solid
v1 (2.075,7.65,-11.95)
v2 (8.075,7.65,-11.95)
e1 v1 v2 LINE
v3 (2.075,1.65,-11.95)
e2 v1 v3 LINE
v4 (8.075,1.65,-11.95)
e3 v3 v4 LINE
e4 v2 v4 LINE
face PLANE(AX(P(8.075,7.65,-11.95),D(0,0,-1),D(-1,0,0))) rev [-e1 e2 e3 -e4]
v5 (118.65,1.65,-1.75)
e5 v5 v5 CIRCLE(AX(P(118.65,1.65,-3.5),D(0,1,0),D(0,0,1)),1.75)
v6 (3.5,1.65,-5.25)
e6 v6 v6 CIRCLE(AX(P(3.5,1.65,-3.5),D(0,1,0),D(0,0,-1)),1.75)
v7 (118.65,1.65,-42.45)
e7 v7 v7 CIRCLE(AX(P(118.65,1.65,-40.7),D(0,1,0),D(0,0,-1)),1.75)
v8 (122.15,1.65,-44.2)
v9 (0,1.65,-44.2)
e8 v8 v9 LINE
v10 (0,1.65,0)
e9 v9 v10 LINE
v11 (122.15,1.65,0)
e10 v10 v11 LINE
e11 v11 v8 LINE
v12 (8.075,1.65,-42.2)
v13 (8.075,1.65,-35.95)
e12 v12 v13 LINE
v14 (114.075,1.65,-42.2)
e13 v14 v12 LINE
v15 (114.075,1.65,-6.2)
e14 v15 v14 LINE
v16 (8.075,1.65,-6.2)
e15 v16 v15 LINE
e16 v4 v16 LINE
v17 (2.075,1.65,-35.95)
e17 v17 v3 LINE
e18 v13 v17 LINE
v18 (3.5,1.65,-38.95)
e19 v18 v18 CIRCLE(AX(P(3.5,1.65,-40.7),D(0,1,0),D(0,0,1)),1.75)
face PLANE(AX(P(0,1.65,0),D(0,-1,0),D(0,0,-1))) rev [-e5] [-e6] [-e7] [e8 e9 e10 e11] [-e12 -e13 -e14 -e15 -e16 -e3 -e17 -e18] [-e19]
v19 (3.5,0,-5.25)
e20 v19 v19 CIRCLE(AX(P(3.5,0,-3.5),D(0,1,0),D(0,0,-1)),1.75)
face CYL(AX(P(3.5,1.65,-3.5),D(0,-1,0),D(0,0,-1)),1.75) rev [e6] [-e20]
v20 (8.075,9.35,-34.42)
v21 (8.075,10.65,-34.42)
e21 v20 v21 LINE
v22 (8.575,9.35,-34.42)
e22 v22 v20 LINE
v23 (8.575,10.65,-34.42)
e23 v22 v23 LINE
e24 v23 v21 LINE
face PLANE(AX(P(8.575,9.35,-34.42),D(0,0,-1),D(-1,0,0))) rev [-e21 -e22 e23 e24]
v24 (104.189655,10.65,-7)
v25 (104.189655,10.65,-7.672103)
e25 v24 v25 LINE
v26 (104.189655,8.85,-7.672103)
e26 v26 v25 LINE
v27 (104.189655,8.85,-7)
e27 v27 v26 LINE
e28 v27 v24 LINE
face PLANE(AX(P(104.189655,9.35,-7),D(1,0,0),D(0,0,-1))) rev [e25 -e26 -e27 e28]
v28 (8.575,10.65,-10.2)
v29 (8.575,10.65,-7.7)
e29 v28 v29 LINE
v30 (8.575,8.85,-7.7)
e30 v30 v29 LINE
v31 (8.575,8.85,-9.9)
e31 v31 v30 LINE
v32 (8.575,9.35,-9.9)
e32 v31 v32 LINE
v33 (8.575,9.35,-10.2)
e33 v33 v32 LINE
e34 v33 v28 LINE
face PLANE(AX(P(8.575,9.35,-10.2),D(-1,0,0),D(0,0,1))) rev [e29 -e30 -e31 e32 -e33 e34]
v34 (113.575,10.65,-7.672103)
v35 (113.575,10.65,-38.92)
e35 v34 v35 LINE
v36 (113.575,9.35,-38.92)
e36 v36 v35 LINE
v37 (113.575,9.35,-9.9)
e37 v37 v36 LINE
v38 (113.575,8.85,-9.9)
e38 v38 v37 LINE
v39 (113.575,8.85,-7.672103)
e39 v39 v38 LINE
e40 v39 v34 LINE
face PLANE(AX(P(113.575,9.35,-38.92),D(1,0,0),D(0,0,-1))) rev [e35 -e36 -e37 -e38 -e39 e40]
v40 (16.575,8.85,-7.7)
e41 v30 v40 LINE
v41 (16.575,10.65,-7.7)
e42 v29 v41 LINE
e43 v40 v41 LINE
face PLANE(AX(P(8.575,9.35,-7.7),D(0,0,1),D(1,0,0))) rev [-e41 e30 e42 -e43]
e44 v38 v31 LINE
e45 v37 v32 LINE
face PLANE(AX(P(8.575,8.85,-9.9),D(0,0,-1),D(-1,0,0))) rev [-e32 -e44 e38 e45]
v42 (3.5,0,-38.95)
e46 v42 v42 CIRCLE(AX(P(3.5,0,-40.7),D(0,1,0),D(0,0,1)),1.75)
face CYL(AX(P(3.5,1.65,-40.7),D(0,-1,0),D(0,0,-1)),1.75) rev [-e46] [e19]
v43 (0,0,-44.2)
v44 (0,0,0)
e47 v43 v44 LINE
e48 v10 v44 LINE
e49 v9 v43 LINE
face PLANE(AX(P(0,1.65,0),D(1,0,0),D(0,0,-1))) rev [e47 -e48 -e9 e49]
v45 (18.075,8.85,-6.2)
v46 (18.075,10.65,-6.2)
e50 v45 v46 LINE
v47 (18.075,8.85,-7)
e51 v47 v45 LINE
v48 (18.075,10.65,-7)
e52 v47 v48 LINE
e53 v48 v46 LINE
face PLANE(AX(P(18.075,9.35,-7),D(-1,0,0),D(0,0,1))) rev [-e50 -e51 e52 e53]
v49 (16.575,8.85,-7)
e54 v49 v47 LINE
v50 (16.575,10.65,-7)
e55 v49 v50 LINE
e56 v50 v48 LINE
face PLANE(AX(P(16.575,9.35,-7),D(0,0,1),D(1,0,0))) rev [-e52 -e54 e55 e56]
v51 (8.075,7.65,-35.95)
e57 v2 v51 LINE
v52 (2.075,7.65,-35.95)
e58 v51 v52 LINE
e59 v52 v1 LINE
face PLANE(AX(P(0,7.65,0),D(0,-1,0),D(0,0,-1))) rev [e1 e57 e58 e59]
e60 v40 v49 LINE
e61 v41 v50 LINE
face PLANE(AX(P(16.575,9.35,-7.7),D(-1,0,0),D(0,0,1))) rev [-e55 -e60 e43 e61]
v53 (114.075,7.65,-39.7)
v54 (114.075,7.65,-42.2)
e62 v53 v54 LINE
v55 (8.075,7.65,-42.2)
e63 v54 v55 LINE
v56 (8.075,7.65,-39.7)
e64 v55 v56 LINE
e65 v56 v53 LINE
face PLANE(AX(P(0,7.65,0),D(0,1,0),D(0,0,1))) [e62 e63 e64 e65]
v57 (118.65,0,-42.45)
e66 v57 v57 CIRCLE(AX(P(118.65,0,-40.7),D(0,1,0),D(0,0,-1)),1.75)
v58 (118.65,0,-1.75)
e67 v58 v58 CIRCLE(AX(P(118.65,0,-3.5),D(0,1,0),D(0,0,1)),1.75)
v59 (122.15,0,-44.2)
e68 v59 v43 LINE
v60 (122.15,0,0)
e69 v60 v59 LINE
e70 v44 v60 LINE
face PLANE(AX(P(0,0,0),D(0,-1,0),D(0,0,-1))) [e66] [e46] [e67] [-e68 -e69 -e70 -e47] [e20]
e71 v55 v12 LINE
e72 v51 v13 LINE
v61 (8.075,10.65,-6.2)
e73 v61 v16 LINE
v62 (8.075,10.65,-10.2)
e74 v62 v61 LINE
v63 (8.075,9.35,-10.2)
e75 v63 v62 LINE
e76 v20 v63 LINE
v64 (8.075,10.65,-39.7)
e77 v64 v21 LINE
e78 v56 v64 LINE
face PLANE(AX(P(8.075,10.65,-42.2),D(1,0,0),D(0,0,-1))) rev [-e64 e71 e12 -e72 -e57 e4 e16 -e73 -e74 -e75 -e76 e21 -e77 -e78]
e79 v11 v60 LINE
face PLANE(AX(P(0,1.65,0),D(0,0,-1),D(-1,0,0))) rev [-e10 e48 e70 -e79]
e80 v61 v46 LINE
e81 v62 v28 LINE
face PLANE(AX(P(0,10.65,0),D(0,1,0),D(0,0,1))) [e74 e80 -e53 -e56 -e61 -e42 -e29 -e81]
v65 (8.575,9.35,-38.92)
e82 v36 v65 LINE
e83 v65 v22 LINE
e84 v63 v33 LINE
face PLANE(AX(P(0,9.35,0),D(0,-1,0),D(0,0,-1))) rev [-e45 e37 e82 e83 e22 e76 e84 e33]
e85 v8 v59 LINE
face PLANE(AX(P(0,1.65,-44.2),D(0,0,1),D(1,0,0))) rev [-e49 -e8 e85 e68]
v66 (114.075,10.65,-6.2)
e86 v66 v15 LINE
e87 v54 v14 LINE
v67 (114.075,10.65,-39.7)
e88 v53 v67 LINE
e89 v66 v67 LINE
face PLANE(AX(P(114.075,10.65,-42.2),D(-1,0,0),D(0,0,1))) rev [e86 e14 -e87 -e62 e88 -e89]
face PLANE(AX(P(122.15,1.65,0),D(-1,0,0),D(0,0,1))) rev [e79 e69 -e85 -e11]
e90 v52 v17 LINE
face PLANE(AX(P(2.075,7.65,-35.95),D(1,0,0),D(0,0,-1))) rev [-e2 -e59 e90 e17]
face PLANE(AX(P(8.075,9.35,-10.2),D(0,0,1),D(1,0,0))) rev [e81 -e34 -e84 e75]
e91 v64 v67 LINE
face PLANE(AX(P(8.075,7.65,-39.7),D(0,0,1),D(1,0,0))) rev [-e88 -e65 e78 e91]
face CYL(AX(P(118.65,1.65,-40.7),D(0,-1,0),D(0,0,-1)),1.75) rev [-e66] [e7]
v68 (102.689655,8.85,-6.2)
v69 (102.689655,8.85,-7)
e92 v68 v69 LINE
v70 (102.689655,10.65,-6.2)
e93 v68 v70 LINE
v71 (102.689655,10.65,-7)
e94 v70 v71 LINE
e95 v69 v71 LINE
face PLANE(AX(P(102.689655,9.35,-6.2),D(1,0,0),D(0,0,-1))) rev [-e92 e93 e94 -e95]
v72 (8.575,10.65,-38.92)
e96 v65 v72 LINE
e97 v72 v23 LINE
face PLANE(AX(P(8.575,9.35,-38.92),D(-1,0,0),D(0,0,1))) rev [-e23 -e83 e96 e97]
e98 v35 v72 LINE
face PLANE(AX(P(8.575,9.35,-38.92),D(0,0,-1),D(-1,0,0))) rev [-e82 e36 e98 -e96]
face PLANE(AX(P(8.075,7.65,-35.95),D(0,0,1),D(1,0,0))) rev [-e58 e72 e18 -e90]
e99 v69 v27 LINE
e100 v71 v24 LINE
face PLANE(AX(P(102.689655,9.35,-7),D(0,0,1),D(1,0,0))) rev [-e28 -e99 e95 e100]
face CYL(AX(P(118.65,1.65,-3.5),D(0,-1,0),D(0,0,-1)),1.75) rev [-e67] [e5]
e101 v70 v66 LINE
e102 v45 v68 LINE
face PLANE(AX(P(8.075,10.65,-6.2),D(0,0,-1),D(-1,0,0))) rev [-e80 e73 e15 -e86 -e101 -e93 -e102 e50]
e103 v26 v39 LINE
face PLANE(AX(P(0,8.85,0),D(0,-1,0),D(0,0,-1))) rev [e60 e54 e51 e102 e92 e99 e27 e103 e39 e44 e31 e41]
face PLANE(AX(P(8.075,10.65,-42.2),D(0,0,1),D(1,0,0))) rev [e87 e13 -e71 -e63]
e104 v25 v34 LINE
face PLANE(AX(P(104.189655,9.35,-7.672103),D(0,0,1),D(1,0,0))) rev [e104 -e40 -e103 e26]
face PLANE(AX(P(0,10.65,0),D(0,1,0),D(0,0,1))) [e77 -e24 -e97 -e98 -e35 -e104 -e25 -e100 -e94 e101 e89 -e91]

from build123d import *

# Parameters (mm, degrees)
SKETCH1_W           = 122.15
SKETCH1_H           = 44.2
SKETCH1_R           = 1.75
BOSS_EXTRUDE1_DEPTH = 1.65
SKETCH2_W           = 106
SKETCH2_H           = 36
BOSS_EXTRUDE2_DEPTH = 9
SKETCH3_W           = 106
SKETCH3_H           = 2.5
CUT_EXTRUDE1_DEPTH  = 3
CUT_EXTRUDE2_DEPTH  = 1.3
SKETCH5_W           = 6
SKETCH5_H           = 24
BOSS_EXTRUDE3_DEPTH = 6
CUT_EXTRUDE3_DEPTH  = 0.5


with BuildPart() as part:
    # Sketch1 → Boss-Extrude1 (new body)
    with BuildSketch(Plane(origin=(0, 0, 0), x_dir=(1, 0, 0), z_dir=(0, 1, 0))):
        with Locations((61.075, 22.1)):
            Rectangle(SKETCH1_W, SKETCH1_H)
        with Locations((3.5, 40.7)):
            Circle(SKETCH1_R, mode=Mode.SUBTRACT)
        with Locations((3.5, 3.5)):
            Circle(SKETCH1_R, mode=Mode.SUBTRACT)
        with Locations((118.65, 3.5)):
            Circle(SKETCH1_R, mode=Mode.SUBTRACT)
        with Locations((118.65, 40.7)):
            Circle(SKETCH1_R, mode=Mode.SUBTRACT)
    extrude(amount=BOSS_EXTRUDE1_DEPTH)

    # Sketch2 → Boss-Extrude2 (add)
    with BuildSketch(Plane(origin=(0, 1.65, 0), x_dir=(1, 0, 0), z_dir=(0, 1, 0))):
        with Locations((61.075, 24.2)):
            Rectangle(SKETCH2_W, SKETCH2_H)
    extrude(amount=BOSS_EXTRUDE2_DEPTH)

    # Sketch3 → Cut-Extrude1 (cut)
    with BuildSketch(Plane(origin=(0, 10.65, 0), x_dir=(1, 0, 0), z_dir=(0, 1, 0))):
        with Locations((61.075, 40.95)):
            Rectangle(SKETCH3_W, SKETCH3_H)
    extrude(amount=-CUT_EXTRUDE1_DEPTH, mode=Mode.SUBTRACT)

    # Sketch4 → Cut-Extrude2 (cut)
    with BuildSketch(Plane(origin=(0, 10.65, 0), x_dir=(1, 0, 0), z_dir=(0, 1, 0))):
        Polygon((16.575, 7.7), (16.575, 7), (18.075, 7), (18.075, 6.2), (102.68965461, 6.2), (102.68965461, 7), (104.18965461, 7), (104.18965461, 7.672103119), (113.575, 7.672103119), (113.575, 38.92), (8.575, 38.92), (8.575, 34.42), (8.075, 34.42), (8.075, 10.2), (8.575, 10.2), (8.575, 7.7), align=None)
    extrude(amount=-CUT_EXTRUDE2_DEPTH, mode=Mode.SUBTRACT)

    # Sketch5 → Boss-Extrude3 (add)
    with BuildSketch(Plane(origin=(0, 1.65, 0), x_dir=(1, 0, 0), z_dir=(0, 1, 0))):
        with Locations((5.075, 23.95)):
            Rectangle(SKETCH5_W, SKETCH5_H)
    extrude(amount=BOSS_EXTRUDE3_DEPTH)

    # Sketch6 → Cut-Extrude3 (cut)
    with BuildSketch(Plane(origin=(0, 9.35, 0), x_dir=(1, 0, 0), z_dir=(0, 1, 0))):
        Polygon((8.575, 7.7), (8.575, 9.9), (113.575, 9.9), (113.575, 7.672103119), (104.18965461, 7.672103119), (104.18965461, 7), (102.68965461, 7), (102.68965461, 6.2), (18.075, 6.2), (18.075, 7), (16.575, 7), (16.575, 7.7), align=None)
    extrude(amount=-CUT_EXTRUDE3_DEPTH, mode=Mode.SUBTRACT)


solid = part.part
